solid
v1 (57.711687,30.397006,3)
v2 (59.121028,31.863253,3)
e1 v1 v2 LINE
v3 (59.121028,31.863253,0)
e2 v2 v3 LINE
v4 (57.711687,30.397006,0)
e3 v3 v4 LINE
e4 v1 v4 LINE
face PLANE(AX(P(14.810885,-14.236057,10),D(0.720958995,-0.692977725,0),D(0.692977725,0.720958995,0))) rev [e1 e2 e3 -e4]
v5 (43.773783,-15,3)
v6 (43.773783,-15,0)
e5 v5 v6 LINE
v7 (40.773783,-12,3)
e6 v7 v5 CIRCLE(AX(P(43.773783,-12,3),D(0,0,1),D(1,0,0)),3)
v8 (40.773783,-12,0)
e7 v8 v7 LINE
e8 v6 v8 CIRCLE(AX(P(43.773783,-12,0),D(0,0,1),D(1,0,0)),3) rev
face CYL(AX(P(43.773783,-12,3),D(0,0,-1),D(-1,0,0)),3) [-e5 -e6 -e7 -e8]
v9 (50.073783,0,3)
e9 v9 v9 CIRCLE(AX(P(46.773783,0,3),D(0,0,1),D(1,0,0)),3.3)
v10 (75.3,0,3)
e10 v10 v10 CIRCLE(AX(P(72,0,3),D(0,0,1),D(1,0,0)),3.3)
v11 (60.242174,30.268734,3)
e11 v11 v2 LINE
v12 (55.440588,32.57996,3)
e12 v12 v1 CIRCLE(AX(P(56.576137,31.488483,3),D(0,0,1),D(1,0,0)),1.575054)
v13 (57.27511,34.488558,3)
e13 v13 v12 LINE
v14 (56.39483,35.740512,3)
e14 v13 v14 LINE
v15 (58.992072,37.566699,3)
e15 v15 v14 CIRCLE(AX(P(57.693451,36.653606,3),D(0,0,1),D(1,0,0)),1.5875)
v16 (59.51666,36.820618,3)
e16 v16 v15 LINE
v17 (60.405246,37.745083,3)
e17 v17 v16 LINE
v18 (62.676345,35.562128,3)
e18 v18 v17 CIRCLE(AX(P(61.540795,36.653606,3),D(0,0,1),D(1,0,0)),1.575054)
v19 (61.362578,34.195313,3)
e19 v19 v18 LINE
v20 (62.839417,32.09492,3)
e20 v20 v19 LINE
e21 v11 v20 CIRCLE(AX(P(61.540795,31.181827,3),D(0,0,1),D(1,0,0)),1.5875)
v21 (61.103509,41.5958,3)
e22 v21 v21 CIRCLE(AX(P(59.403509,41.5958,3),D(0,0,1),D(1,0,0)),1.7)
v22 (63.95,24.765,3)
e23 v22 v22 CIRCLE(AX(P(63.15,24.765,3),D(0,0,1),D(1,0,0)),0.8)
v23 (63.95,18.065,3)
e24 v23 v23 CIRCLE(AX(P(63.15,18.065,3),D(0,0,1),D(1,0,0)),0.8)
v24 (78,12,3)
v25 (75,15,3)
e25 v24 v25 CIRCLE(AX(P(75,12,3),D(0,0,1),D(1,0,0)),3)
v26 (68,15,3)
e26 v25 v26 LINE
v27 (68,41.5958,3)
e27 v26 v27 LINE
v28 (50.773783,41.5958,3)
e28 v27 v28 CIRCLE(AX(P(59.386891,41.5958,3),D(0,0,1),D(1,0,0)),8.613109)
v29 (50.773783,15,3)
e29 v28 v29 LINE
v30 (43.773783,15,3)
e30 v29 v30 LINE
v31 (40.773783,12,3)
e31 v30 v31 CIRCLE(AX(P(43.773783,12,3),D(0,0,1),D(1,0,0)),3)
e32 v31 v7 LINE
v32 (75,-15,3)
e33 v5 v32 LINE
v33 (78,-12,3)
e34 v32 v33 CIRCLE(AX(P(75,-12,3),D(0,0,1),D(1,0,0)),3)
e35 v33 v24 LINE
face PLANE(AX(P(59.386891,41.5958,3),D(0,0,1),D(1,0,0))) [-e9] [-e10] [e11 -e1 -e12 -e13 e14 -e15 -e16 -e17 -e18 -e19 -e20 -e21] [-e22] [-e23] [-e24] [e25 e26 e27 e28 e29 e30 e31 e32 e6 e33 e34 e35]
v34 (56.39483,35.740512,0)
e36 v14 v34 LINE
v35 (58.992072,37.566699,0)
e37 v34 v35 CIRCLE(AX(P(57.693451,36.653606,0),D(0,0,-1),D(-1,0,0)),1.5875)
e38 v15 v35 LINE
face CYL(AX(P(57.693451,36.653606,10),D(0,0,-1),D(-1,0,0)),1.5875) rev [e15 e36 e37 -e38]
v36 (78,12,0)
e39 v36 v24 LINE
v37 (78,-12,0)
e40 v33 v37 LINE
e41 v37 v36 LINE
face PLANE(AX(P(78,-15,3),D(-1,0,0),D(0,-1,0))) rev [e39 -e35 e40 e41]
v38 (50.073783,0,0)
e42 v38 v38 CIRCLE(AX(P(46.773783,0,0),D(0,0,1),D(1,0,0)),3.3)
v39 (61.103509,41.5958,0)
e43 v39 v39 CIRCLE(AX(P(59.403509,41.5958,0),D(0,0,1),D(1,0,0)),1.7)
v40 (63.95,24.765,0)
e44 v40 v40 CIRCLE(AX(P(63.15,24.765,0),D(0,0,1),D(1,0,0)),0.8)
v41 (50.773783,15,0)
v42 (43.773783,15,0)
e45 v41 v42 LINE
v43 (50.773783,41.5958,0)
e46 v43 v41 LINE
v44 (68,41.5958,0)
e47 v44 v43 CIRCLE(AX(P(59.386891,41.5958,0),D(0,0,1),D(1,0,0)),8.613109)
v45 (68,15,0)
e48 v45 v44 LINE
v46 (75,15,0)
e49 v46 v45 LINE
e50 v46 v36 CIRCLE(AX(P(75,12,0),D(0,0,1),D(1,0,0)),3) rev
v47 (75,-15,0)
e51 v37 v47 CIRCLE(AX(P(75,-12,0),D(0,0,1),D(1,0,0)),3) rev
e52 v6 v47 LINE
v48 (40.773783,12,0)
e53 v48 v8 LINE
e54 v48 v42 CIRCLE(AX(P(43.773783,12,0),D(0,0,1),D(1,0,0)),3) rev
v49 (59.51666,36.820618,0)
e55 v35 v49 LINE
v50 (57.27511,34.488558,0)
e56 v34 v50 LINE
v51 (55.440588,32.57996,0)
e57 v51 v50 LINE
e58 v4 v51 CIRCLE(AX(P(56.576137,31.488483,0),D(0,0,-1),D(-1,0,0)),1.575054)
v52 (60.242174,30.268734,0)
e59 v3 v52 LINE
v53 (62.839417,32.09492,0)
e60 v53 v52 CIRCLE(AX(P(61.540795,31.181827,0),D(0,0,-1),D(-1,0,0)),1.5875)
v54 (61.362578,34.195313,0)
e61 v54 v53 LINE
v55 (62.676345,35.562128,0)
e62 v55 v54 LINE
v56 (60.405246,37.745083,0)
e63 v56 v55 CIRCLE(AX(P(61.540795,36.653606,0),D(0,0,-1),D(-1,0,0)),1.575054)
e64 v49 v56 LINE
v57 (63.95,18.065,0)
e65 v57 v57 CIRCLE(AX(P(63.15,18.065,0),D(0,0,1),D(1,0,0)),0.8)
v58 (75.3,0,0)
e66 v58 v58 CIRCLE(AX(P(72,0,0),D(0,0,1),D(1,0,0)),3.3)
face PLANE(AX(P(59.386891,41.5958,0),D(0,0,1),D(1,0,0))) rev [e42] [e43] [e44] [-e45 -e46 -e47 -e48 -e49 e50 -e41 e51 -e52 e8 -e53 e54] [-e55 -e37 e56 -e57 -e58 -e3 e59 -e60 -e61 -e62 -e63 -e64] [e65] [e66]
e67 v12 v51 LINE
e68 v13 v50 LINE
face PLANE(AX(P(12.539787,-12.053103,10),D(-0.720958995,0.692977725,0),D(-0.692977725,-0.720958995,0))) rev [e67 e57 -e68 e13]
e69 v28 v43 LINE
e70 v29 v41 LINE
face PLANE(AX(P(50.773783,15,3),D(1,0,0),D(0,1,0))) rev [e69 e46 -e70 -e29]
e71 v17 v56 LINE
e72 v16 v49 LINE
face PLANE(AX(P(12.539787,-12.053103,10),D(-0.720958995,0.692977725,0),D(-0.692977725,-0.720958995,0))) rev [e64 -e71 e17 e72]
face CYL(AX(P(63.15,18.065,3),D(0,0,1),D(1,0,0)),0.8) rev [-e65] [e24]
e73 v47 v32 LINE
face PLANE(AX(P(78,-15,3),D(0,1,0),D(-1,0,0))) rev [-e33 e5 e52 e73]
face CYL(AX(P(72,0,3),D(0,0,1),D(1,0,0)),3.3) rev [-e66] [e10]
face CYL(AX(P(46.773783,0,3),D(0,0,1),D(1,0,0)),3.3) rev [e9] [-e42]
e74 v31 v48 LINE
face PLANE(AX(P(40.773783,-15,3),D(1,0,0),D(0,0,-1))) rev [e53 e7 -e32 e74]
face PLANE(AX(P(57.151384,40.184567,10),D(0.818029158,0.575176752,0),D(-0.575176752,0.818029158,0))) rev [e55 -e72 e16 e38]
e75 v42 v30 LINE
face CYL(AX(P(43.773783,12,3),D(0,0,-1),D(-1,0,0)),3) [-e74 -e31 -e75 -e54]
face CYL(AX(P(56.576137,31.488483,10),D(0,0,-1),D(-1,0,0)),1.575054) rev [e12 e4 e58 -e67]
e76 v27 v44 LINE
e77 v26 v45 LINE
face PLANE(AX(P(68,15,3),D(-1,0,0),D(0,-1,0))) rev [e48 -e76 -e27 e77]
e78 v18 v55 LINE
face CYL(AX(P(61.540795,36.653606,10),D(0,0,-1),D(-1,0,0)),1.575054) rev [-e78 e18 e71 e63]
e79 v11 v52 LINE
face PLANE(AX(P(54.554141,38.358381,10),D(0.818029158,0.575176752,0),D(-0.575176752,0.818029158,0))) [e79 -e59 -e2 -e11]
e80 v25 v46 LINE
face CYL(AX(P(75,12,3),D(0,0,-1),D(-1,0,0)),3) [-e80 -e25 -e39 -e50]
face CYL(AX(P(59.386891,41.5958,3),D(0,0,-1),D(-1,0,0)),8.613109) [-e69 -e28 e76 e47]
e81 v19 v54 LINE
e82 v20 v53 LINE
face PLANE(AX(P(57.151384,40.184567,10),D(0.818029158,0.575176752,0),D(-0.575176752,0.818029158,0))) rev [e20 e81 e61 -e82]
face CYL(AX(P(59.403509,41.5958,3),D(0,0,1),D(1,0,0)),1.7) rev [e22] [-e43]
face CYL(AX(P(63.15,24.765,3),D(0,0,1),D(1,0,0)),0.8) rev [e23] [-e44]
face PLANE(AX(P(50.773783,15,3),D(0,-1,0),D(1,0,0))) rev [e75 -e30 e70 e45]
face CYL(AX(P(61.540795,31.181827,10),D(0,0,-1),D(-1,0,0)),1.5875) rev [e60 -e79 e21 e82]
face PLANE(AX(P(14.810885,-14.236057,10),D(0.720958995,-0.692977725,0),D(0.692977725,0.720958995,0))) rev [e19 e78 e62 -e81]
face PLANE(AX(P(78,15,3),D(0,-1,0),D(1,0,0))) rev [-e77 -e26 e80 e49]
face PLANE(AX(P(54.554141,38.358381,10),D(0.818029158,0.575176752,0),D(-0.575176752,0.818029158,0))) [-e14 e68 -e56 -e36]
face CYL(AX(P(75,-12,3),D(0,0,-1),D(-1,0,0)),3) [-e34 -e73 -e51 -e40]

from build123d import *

# Parameters (mm, degrees)
BOSS_EXTRUDE1_DEPTH     = 3
M3_CLEARANCE_HOLE1_D    = 3.4
M6_CLEARANCE_HOLE1_D    = 6.6
FILLET1_R               = 3
CUT_EXTRUDE1_DEPTH      = 10
TAP_DRILL_FOR_M2_TAP1_D = 1.6


with BuildPart() as part:
    # Sketch1 → Boss-Extrude1 (new body)
    with BuildSketch(Plane.XY):
        with BuildLine():
            Line((50.773782993, 15), (50.773782993, 41.5958))
            ThreePointArc((50.773782993, 41.5958), (59.386891497, 50.208908503), (68, 41.5958))
            Line((68, 41.5958), (68, 15))
            Line((68, 15), (78, 15))
            Line((78, 15), (78, -15))
            Line((78, -15), (40.773782993, -15))
            Line((40.773782993, -15), (40.773782993, 15))
            Line((40.773782993, 15), (50.773782993, 15))
        make_face()
    extrude(amount=BOSS_EXTRUDE1_DEPTH)

    # M3 Clearance Hole1 (through all)
    with Locations(Plane.XY.offset(3)):
        with Locations((59.40350934, 41.5958)):
            Hole(M3_CLEARANCE_HOLE1_D / 2)

    # M6 Clearance Hole1 (through all)
    with Locations(Plane.XY.offset(3)):
        with Locations((46.773782993, 0), (72, 0)):
            Hole(M6_CLEARANCE_HOLE1_D / 2)

    # Fillet1
    fillet1_edges = [part.edges().sort_by_distance(p)[0] for p in [
        (78, -15, 1.5),
        (40.773782993, -15, 1.5),
        (40.773782993, 15, 1.5),
        (78, 15, 1.5),
    ]]
    fillet(fillet1_edges, radius=FILLET1_R)

    # Sketch6 → Cut-Extrude1 (cut)
    with BuildSketch(Plane(origin=(0, 0, 0), x_dir=(-1, 0, 0), z_dir=(0, 0, -1))):
        with BuildLine():
            Line((-59.121027546, 31.863253301), (-60.242174181, 30.268733642))
            ThreePointArc((-60.242174181, 30.268733642), (-62.453888564, 29.883205447), (-62.839416759, 32.09491983))
            Line((-62.839416759, 32.09491983), (-61.362577576, 34.195313335))
            Line((-61.362577576, 34.195313335), (-62.6763448, 35.562128261))
            ThreePointArc((-62.6763448, 35.562128261), (-62.63227279, 37.789154911), (-60.40524614, 37.7450829))
            Line((-60.40524614, 37.7450829), (-59.516660479, 36.820617651))
            Line((-59.516660479, 36.820617651), (-58.992072259, 37.566698674))
            ThreePointArc((-58.992072259, 37.566698674), (-56.780357876, 37.952226869), (-56.394829681, 35.740512487))
            Line((-56.394829681, 35.740512487), (-57.275110449, 34.488557618))
            Line((-57.275110449, 34.488557618), (-55.440588029, 32.579960282))
            ThreePointArc((-55.440588029, 32.579960282), (-55.484660039, 30.352933632), (-57.71168669, 30.397005642))
            Line((-57.71168669, 30.397005642), (-59.121027546, 31.863253301))
        make_face()
    extrude(amount=-CUT_EXTRUDE1_DEPTH, mode=Mode.SUBTRACT)

    # Tap Drill for M2 Tap1 (through all)
    with Locations(Plane.XY.offset(3)):
        with Locations((63.15, 24.765), (63.15, 18.065)):
            Hole(TAP_DRILL_FOR_M2_TAP1_D / 2)


solid = part.part
